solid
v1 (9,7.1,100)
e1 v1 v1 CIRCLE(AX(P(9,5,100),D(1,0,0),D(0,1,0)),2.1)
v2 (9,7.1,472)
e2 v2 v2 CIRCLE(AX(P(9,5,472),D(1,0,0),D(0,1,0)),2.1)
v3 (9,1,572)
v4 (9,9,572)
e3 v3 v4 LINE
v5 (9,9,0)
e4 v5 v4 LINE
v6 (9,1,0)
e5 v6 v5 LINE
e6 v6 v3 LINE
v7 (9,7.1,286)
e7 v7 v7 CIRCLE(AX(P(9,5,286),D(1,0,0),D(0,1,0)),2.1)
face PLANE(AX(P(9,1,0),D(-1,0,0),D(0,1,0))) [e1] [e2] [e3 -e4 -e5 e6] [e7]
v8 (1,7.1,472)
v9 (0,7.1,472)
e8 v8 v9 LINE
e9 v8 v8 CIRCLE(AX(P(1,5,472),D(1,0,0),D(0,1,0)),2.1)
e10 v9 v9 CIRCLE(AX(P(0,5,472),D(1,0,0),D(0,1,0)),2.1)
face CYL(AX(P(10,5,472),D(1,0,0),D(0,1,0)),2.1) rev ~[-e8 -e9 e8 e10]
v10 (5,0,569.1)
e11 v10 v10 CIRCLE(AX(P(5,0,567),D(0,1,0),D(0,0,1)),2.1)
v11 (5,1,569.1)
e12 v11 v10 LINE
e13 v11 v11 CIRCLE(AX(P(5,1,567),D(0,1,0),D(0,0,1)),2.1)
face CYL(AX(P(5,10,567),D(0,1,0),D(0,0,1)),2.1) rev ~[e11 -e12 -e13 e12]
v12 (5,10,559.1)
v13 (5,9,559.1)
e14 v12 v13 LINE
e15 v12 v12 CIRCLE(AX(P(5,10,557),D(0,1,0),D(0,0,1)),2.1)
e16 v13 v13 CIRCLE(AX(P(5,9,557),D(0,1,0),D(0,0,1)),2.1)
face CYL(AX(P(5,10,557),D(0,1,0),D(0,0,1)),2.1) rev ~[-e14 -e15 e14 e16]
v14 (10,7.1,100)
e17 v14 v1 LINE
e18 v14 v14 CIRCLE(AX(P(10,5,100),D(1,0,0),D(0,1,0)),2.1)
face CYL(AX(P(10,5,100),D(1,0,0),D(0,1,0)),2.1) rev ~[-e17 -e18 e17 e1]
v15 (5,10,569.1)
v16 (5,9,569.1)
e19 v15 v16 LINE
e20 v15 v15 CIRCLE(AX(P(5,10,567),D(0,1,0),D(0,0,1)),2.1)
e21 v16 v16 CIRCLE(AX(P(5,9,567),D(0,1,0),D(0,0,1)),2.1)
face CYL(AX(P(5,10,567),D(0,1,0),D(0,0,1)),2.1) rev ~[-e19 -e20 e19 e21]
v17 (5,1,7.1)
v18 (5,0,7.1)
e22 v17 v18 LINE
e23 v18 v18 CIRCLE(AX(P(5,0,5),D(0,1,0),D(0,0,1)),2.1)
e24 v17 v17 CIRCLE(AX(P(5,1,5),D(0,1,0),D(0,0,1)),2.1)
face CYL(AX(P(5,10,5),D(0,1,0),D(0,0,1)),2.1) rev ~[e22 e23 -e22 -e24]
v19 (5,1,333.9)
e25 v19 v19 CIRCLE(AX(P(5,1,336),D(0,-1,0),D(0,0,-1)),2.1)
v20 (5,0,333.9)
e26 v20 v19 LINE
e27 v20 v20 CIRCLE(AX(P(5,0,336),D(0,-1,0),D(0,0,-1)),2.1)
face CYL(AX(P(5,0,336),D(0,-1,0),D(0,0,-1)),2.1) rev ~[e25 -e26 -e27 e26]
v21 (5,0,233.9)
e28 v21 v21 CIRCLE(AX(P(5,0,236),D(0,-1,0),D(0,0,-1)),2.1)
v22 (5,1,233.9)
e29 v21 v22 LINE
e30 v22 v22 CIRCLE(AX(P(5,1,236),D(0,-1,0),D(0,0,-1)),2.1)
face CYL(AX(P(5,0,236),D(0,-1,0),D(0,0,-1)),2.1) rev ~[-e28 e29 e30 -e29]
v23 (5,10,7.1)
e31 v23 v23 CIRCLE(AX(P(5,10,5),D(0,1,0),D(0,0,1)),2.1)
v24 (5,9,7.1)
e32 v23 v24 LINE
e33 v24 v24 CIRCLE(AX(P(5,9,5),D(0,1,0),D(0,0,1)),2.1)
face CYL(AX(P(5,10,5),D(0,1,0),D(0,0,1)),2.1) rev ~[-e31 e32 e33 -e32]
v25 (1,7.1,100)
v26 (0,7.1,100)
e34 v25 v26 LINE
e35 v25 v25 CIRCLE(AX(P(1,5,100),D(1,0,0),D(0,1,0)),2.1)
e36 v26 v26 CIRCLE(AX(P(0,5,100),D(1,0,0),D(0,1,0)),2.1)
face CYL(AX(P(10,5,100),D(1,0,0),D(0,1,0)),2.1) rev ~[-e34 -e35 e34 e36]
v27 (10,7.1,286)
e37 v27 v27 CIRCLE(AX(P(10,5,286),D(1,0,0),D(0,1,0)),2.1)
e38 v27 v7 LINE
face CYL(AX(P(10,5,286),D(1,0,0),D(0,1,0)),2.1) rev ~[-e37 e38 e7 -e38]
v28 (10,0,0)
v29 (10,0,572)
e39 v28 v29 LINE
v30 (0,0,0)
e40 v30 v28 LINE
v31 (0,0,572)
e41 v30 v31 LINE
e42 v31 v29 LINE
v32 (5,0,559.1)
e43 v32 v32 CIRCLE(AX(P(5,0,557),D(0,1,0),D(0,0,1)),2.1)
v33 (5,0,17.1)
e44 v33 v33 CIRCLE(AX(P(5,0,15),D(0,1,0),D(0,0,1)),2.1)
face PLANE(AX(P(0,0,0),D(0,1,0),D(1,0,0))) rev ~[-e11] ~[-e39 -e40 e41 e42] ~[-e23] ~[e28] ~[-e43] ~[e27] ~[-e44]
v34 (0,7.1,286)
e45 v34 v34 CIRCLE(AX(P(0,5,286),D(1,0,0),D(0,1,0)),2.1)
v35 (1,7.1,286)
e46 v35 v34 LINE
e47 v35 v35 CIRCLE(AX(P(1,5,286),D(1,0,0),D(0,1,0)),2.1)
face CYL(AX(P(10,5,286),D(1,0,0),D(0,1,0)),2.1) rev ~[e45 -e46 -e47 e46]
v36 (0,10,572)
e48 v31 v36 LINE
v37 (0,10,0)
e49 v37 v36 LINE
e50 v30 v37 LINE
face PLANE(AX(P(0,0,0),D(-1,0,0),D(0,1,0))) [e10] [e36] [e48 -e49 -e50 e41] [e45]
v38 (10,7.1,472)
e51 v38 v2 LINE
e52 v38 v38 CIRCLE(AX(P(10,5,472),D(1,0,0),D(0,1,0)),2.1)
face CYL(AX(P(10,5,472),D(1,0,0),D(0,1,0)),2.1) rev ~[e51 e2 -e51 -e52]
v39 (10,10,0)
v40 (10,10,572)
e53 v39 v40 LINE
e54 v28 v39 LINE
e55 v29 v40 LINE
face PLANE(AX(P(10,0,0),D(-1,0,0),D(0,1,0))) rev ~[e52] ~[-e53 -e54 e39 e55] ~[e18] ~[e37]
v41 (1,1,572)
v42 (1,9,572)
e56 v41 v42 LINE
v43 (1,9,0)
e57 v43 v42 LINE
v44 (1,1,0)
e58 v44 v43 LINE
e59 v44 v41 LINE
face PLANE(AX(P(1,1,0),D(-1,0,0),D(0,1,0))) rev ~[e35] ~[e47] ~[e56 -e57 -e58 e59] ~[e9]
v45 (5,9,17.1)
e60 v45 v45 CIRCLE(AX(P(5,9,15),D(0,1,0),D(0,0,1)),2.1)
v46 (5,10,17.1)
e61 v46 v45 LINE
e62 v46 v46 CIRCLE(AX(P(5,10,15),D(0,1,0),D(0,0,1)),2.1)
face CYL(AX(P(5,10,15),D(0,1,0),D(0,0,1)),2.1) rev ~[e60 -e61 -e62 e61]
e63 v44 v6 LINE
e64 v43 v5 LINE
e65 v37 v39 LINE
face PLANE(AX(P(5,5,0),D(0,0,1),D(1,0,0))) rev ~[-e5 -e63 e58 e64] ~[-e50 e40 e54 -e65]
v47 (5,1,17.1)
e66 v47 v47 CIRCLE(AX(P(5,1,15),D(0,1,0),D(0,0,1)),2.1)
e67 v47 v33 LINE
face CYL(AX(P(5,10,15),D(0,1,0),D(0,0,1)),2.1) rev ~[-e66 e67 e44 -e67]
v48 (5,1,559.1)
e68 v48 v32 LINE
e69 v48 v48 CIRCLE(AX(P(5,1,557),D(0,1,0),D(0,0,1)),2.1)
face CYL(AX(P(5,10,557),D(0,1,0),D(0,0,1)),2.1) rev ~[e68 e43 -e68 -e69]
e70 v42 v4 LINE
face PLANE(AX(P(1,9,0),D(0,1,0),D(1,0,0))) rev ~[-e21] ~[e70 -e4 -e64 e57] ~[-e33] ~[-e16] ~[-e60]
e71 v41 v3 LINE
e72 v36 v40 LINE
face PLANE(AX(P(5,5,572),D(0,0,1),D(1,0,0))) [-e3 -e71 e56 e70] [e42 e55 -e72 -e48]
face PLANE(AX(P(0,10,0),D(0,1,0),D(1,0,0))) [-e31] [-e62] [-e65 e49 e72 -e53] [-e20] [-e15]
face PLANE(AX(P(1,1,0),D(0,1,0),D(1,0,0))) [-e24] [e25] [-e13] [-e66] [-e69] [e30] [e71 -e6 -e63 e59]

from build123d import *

# Parameters (mm, degrees)
SKETCH1_W           = 10
SKETCH1_H           = 10
SKETCH1_W_2         = 8
SKETCH1_H_2         = 8
BOSS_EXTRUDE1_DEPTH = 572
SKETCH2_R           = 2.1
CUT_EXTRUDE1_DEPTH  = 116
SKETCH3_R           = 2.1
CUT_EXTRUDE2_DEPTH  = 5
SKETCH5_R           = 2.1
CUT_EXTRUDE3_DEPTH  = 10


with BuildPart() as part:
    # Sketch1 → Boss-Extrude1 (new body)
    with BuildSketch(Plane.XY):
        with Locations((5, 5)):
            Rectangle(SKETCH1_W, SKETCH1_H)
        with Locations((5, 5)):
            Rectangle(SKETCH1_W_2, SKETCH1_H_2, mode=Mode.SUBTRACT)
    extrude(amount=BOSS_EXTRUDE1_DEPTH)

    # Sketch2 → Cut-Extrude1 (cut)
    with BuildSketch(Plane(origin=(0, 10, 0), x_dir=(1, 0, 0), z_dir=(0, 1, 0))):
        with Locations(Location((5, -5, 0), (0, 0, 270))):
            Circle(SKETCH2_R)
        with Locations(Location((5, -15, 0), (0, 0, 270))):
            Circle(SKETCH2_R)
        with Locations(Location((5, -557, 0), (0, 0, 270))):
            Circle(SKETCH2_R)
        with Locations(Location((5, -567, 0), (0, 0, 270))):
            Circle(SKETCH2_R)
    extrude(amount=-CUT_EXTRUDE1_DEPTH, mode=Mode.SUBTRACT)

    # Sketch3 → Cut-Extrude2 (cut)
    with BuildSketch(Plane.XZ):
        with Locations(Location((5, 336, 0), (0, 0, 270))):
            Circle(SKETCH3_R)
        with Locations(Location((5, 236, 0), (0, 0, 270))):
            Circle(SKETCH3_R)
    extrude(amount=-CUT_EXTRUDE2_DEPTH, mode=Mode.SUBTRACT)

    # Sketch5 → Cut-Extrude3 (cut)
    with BuildSketch(Plane(origin=(10, 0, 0), x_dir=(0, 0, -1), z_dir=(1, 0, 0))):
        with Locations(Location((-472, 5, 0), (0, 0, 90))):
            Circle(SKETCH5_R)
        with Locations(Location((-100, 5, 0), (0, 0, 90))):
            Circle(SKETCH5_R)
        with Locations(Location((-286, 5, 0), (0, 0, 90))):
            Circle(SKETCH5_R)
    extrude(amount=-CUT_EXTRUDE3_DEPTH, mode=Mode.SUBTRACT)


solid = part.part
